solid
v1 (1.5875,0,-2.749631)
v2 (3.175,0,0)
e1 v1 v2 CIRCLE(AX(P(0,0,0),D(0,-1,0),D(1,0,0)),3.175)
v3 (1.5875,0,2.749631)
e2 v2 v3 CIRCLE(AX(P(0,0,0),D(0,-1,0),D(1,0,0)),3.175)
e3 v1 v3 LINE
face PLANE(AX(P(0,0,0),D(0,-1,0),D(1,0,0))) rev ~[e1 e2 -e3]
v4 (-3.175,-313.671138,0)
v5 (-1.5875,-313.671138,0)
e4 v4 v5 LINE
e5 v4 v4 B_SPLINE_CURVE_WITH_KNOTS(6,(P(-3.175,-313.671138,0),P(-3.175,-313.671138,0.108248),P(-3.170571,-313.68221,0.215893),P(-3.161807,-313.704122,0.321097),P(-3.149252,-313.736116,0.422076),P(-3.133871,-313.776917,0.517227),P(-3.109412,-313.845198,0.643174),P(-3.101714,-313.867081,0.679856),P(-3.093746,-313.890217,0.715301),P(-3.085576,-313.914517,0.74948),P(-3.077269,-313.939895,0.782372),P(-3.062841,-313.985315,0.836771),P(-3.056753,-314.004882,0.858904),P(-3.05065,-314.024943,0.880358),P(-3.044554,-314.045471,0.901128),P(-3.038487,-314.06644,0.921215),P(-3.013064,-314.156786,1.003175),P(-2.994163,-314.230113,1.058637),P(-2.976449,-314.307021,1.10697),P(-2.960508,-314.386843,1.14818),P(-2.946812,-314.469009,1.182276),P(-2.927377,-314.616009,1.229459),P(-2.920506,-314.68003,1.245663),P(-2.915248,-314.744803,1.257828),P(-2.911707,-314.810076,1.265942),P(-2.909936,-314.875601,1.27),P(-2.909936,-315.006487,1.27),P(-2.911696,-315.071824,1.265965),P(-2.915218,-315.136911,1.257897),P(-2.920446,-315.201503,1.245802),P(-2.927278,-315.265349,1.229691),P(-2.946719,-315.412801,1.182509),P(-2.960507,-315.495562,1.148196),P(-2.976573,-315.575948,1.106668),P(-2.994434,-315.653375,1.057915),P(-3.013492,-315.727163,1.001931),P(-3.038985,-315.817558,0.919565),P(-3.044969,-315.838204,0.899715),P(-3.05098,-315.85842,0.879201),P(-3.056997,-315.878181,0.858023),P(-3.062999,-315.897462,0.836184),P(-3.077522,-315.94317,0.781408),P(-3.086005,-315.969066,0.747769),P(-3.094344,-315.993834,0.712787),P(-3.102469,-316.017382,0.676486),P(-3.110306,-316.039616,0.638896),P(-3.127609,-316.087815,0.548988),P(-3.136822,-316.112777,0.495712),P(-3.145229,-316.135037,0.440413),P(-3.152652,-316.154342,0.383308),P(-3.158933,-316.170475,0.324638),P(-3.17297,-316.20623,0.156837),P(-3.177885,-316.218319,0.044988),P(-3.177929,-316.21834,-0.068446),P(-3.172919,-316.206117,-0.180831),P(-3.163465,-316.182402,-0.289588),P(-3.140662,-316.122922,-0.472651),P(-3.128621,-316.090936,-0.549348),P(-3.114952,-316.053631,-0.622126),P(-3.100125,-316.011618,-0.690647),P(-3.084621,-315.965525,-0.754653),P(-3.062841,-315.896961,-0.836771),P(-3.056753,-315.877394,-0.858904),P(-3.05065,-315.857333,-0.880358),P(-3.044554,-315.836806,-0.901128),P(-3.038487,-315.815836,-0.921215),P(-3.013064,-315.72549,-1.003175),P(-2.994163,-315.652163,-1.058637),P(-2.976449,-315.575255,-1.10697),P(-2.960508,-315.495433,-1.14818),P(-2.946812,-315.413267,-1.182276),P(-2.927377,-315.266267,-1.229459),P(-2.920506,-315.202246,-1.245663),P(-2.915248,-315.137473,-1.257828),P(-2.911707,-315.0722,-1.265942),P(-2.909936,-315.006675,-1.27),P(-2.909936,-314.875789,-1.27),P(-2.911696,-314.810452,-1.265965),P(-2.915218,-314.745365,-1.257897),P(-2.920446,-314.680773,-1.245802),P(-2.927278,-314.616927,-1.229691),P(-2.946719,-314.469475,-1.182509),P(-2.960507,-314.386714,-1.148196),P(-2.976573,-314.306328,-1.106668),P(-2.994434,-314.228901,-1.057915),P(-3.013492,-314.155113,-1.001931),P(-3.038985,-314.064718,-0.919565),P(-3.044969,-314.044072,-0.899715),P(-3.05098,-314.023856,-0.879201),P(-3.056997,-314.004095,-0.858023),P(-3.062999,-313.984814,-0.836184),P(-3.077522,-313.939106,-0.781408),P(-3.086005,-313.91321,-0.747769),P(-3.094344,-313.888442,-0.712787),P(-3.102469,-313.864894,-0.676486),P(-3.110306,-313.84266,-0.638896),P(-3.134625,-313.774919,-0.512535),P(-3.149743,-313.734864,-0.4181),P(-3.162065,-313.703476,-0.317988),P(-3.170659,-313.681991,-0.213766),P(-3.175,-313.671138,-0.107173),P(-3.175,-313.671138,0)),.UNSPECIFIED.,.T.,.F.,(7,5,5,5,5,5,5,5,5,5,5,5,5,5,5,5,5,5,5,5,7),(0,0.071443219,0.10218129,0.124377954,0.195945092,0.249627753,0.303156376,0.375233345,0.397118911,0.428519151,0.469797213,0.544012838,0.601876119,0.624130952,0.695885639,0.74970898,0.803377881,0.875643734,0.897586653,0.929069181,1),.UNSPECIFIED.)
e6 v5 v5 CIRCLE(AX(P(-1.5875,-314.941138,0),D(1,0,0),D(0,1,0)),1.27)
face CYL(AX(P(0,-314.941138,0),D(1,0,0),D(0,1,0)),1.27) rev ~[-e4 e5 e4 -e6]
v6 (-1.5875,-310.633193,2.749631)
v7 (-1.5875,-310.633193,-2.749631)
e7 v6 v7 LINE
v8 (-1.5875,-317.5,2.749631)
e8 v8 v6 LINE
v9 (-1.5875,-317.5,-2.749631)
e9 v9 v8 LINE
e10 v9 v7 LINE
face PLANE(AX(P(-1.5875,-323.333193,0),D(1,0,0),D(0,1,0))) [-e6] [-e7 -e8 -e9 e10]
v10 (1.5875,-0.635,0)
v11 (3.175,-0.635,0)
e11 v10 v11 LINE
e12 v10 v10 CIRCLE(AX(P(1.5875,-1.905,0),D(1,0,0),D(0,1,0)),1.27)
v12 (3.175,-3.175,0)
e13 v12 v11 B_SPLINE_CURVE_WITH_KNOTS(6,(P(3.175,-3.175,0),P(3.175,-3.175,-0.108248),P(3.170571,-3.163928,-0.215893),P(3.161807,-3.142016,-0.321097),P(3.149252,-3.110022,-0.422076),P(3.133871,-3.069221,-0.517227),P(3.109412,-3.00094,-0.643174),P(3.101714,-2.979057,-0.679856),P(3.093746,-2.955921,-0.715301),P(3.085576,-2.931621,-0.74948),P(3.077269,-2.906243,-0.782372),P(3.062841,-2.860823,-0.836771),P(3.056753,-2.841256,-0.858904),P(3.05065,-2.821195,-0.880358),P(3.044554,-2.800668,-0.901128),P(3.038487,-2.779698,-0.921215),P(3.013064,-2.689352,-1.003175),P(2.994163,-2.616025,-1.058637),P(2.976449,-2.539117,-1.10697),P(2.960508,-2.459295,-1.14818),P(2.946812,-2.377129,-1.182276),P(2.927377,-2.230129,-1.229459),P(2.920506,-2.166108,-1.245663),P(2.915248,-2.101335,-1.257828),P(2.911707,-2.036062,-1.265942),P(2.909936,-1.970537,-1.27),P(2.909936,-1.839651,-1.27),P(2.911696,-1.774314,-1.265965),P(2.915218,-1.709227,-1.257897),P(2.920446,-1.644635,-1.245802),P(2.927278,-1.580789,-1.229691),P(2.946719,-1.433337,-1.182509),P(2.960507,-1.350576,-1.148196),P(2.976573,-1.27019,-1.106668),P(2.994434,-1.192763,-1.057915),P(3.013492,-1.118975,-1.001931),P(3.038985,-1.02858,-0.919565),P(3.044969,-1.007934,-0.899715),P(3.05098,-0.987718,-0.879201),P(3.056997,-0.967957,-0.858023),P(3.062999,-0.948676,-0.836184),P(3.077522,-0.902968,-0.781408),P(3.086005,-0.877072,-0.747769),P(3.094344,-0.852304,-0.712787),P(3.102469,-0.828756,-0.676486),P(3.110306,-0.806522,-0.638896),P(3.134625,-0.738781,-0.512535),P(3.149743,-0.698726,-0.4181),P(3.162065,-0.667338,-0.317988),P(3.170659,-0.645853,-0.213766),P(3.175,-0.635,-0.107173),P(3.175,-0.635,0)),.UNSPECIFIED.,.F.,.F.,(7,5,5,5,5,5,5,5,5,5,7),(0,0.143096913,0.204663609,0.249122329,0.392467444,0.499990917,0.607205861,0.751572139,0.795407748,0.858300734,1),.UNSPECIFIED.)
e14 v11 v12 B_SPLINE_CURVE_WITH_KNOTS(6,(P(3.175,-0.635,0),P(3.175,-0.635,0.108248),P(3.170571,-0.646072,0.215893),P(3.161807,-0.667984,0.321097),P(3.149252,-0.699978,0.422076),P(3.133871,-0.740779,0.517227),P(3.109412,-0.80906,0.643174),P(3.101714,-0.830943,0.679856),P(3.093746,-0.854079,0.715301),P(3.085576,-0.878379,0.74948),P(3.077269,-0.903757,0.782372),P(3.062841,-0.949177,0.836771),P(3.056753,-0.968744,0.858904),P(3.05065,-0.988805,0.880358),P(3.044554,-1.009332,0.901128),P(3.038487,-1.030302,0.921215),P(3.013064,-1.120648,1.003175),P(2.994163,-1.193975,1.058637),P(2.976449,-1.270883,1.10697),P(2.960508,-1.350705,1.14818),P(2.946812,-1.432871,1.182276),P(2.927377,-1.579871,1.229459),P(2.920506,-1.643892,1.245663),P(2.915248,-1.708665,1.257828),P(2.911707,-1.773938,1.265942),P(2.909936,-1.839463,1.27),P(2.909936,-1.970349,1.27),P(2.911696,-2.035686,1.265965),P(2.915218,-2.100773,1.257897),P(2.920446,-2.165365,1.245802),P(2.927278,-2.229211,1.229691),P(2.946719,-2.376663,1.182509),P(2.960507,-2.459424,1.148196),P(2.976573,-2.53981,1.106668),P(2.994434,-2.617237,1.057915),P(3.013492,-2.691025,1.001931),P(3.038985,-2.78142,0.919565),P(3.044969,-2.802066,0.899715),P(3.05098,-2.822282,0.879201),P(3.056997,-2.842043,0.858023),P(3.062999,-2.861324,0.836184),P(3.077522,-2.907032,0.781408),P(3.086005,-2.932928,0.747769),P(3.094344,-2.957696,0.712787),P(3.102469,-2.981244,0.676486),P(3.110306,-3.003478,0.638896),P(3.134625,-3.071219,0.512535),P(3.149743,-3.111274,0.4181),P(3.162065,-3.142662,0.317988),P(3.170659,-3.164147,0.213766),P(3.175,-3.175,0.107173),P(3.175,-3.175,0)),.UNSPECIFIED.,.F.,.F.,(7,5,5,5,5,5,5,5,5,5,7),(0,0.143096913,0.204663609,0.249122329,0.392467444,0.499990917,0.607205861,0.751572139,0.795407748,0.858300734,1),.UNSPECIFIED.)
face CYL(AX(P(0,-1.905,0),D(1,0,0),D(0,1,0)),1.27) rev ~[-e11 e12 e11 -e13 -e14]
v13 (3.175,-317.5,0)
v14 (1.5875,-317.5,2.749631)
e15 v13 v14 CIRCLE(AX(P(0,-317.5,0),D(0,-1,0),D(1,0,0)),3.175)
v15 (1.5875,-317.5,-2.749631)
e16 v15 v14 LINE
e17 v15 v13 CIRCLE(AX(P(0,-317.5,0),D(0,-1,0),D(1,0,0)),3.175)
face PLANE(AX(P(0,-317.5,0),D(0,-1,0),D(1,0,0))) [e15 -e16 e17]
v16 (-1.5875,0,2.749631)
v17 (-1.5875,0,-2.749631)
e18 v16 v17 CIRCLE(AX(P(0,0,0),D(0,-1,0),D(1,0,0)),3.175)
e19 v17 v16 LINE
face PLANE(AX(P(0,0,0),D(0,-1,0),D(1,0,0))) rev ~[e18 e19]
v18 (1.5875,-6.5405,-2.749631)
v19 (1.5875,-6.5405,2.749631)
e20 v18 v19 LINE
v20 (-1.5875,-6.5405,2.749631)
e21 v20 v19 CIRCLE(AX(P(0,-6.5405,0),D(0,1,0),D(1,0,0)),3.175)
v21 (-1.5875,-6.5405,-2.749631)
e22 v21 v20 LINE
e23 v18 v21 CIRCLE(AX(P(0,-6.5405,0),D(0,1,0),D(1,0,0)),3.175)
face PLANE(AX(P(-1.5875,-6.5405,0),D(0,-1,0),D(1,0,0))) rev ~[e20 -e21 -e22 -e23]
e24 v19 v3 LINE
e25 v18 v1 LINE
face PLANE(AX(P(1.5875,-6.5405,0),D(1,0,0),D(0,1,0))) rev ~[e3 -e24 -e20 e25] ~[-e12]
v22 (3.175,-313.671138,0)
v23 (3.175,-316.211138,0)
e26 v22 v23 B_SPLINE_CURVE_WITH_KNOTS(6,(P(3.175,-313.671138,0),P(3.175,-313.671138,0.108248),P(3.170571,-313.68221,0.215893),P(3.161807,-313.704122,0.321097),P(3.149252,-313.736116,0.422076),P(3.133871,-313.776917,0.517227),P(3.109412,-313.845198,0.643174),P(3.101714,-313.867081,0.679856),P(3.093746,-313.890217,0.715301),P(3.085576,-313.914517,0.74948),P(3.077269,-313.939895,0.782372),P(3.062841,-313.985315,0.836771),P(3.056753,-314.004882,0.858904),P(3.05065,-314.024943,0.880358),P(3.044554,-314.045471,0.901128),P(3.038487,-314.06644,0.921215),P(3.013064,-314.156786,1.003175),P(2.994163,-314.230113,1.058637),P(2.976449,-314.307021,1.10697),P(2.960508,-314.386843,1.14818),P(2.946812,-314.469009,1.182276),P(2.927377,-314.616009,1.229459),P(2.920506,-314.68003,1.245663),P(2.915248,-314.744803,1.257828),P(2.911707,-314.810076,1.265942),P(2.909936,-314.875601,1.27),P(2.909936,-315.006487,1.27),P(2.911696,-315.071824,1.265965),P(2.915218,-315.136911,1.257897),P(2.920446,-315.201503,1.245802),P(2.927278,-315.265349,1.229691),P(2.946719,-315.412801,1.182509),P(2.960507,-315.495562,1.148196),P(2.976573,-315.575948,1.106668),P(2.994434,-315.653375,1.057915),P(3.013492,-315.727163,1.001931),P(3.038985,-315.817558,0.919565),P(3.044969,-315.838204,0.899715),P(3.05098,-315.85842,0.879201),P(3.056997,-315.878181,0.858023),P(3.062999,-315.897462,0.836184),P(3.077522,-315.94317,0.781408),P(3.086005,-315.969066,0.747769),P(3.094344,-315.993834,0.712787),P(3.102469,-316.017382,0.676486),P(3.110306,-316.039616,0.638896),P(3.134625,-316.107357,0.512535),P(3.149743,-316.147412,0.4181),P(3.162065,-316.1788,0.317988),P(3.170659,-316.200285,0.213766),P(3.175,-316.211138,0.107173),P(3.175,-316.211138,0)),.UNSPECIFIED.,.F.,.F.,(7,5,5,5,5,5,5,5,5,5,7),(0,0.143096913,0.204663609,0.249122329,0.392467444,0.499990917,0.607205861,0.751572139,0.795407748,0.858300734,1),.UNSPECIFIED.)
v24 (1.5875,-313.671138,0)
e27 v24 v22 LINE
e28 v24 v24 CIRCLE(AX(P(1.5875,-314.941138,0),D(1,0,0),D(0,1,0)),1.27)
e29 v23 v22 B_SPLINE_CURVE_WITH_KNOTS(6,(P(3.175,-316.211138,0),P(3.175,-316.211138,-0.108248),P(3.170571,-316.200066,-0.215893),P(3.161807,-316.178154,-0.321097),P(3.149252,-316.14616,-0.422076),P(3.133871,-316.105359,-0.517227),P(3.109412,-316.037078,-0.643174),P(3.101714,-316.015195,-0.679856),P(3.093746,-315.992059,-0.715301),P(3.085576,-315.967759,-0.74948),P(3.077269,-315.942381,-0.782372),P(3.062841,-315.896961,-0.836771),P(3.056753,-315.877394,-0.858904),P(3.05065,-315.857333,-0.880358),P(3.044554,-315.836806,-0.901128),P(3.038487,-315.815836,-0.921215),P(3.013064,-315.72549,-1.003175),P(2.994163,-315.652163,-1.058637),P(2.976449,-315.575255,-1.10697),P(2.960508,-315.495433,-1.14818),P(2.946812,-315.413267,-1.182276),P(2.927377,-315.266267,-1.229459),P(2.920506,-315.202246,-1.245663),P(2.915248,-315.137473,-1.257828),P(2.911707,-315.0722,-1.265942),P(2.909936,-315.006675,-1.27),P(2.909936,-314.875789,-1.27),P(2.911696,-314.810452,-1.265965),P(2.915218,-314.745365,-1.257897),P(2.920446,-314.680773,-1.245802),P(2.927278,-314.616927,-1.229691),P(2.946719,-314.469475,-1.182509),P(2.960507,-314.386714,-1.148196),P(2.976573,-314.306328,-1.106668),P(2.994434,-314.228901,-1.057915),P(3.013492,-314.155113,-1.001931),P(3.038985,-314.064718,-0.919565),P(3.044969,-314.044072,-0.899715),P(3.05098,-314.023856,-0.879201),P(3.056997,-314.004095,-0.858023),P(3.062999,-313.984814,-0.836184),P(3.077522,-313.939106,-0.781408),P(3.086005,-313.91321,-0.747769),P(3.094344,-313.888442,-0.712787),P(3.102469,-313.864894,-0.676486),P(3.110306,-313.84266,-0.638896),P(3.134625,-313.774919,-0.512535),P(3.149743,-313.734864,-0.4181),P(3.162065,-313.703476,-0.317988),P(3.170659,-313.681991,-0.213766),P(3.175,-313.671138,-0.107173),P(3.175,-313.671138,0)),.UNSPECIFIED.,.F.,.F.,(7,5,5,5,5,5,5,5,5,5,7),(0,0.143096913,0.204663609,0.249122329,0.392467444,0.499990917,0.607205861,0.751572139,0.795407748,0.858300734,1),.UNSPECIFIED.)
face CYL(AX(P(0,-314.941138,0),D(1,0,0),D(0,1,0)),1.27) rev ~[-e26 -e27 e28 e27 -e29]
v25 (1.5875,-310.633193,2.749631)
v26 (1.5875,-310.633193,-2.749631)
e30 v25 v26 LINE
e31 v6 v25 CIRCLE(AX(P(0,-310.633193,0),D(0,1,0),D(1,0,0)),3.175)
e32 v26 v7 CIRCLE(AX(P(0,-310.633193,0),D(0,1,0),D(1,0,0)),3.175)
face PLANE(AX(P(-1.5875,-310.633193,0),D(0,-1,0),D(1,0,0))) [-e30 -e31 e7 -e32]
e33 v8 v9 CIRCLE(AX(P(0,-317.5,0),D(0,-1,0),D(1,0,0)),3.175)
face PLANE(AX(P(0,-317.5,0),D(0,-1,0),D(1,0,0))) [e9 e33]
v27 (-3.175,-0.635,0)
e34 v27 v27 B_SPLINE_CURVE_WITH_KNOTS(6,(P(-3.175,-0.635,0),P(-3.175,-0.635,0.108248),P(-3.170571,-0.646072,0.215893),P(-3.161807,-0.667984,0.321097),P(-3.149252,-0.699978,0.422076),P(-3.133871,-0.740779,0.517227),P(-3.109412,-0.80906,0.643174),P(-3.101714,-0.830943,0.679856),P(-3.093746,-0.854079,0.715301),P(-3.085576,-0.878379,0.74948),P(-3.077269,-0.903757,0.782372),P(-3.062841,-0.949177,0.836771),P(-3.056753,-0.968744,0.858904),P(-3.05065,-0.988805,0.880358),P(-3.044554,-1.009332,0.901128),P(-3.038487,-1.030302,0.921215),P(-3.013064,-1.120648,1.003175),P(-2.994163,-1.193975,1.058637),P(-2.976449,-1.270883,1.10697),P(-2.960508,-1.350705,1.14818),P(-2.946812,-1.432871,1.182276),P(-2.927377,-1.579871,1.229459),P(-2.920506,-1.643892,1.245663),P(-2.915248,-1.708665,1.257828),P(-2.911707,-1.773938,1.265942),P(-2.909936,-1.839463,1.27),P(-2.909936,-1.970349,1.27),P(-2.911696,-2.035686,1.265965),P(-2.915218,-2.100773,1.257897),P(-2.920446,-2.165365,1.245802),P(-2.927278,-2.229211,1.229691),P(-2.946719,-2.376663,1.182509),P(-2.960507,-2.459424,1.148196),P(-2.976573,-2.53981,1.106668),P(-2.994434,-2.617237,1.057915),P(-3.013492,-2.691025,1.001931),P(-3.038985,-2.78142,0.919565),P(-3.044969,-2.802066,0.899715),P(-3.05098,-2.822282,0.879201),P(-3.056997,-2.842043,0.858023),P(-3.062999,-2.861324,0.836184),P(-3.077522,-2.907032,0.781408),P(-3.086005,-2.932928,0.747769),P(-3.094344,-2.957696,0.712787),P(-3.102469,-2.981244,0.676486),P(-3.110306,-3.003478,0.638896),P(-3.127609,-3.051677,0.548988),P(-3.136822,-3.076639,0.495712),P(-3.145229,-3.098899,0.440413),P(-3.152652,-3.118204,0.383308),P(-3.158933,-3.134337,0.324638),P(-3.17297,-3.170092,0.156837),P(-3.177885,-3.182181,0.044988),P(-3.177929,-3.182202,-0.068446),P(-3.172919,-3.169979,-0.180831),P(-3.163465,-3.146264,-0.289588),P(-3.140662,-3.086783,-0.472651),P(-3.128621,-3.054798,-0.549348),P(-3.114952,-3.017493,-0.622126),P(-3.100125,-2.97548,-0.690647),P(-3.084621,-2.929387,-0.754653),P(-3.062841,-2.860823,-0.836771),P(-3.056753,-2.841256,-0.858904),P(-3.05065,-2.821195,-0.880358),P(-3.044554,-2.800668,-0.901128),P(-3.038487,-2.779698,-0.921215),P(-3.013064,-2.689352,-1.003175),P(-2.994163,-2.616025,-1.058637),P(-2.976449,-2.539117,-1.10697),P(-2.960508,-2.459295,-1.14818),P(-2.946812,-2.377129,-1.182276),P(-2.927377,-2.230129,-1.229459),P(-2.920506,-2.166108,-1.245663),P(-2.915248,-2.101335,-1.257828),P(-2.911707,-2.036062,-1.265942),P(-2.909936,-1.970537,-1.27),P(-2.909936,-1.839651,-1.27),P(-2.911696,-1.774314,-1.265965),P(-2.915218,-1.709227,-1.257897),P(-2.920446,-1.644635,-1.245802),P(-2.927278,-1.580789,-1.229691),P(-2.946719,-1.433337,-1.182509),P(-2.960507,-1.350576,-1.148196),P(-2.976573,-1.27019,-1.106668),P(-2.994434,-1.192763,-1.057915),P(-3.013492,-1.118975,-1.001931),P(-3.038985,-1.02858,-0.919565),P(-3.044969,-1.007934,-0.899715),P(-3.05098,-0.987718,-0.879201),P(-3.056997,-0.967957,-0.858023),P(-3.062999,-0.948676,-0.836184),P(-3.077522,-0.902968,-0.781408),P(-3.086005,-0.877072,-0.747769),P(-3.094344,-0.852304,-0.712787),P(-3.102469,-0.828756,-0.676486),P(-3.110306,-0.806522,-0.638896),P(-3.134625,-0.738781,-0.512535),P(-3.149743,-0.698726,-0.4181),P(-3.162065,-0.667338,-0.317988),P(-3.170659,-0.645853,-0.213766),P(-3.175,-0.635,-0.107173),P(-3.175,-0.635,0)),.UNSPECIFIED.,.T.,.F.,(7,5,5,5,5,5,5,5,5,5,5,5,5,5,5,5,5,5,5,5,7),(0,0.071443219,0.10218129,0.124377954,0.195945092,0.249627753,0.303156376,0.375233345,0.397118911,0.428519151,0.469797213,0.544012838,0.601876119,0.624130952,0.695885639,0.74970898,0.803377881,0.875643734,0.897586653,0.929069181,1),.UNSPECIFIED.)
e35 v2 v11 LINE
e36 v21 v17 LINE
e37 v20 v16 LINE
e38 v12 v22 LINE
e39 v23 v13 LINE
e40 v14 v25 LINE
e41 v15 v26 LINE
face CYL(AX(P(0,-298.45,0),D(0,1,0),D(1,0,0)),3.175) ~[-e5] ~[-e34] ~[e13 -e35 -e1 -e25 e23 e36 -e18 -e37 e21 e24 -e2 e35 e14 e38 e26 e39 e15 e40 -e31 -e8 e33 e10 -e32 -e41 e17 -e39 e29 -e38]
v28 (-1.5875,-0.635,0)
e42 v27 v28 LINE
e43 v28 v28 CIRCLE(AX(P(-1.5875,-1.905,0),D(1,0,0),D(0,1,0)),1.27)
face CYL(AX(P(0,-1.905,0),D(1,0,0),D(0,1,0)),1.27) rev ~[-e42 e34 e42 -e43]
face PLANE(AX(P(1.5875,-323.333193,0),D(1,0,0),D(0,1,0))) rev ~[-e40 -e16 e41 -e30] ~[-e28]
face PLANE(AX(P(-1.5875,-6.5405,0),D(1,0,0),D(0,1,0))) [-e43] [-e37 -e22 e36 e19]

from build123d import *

# Parameters (mm, degrees)
F0_R      = 3.175
F1_DEPTH  = 298.45
F2_W      = 3.175
F2_H      = 13.081
F3_DEPTH  = 12.7
F4_R      = 1.27
F5_DEPTH  = 12.7
F6_DEPTH  = 19.05
F7_W      = 3.175
F7_H      = 12.7
F8_DEPTH  = 12.7
F9_R      = 1.27
F10_DEPTH = 12.7


with BuildPart() as f1:
    # F0 (on Front) → F1 (new body)
    with BuildSketch(Plane.XZ):
        Circle(F0_R)
    extrude(amount=F1_DEPTH)

    # F2 (on Top) → F3 (cut, symmetric)
    with BuildSketch(Plane.XY):
        Rectangle(F2_W, F2_H)
    extrude(amount=F3_DEPTH, both=True, mode=Mode.SUBTRACT)

    # F4 (on Right) → F5 (cut, symmetric)
    with BuildSketch(Plane.YZ):
        with Locations((-1.905, 0)):
            Circle(F4_R)
    extrude(amount=F5_DEPTH, both=True, mode=Mode.SUBTRACT)

    # F6 (add): a face of the model
    f6_faces = [f1.faces().sort_by_distance(p)[0] for p in [
        (0, -298.45, 0),
    ]]
    extrude(f6_faces, amount=F6_DEPTH)

    # F7 (on Top) → F8 (cut, symmetric)
    with BuildSketch(Plane.XY):
        with Locations((0, -316.9831931591)):
            Rectangle(F7_W, F7_H)
    extrude(amount=F8_DEPTH, both=True, mode=Mode.SUBTRACT)

    # F9 (on Right) → F10 (cut, symmetric)
    with BuildSketch(Plane.YZ):
        with Locations((-314.9411380291, 0)):
            Circle(F9_R)
    extrude(amount=F10_DEPTH, both=True, mode=Mode.SUBTRACT)


solid = f1.part
